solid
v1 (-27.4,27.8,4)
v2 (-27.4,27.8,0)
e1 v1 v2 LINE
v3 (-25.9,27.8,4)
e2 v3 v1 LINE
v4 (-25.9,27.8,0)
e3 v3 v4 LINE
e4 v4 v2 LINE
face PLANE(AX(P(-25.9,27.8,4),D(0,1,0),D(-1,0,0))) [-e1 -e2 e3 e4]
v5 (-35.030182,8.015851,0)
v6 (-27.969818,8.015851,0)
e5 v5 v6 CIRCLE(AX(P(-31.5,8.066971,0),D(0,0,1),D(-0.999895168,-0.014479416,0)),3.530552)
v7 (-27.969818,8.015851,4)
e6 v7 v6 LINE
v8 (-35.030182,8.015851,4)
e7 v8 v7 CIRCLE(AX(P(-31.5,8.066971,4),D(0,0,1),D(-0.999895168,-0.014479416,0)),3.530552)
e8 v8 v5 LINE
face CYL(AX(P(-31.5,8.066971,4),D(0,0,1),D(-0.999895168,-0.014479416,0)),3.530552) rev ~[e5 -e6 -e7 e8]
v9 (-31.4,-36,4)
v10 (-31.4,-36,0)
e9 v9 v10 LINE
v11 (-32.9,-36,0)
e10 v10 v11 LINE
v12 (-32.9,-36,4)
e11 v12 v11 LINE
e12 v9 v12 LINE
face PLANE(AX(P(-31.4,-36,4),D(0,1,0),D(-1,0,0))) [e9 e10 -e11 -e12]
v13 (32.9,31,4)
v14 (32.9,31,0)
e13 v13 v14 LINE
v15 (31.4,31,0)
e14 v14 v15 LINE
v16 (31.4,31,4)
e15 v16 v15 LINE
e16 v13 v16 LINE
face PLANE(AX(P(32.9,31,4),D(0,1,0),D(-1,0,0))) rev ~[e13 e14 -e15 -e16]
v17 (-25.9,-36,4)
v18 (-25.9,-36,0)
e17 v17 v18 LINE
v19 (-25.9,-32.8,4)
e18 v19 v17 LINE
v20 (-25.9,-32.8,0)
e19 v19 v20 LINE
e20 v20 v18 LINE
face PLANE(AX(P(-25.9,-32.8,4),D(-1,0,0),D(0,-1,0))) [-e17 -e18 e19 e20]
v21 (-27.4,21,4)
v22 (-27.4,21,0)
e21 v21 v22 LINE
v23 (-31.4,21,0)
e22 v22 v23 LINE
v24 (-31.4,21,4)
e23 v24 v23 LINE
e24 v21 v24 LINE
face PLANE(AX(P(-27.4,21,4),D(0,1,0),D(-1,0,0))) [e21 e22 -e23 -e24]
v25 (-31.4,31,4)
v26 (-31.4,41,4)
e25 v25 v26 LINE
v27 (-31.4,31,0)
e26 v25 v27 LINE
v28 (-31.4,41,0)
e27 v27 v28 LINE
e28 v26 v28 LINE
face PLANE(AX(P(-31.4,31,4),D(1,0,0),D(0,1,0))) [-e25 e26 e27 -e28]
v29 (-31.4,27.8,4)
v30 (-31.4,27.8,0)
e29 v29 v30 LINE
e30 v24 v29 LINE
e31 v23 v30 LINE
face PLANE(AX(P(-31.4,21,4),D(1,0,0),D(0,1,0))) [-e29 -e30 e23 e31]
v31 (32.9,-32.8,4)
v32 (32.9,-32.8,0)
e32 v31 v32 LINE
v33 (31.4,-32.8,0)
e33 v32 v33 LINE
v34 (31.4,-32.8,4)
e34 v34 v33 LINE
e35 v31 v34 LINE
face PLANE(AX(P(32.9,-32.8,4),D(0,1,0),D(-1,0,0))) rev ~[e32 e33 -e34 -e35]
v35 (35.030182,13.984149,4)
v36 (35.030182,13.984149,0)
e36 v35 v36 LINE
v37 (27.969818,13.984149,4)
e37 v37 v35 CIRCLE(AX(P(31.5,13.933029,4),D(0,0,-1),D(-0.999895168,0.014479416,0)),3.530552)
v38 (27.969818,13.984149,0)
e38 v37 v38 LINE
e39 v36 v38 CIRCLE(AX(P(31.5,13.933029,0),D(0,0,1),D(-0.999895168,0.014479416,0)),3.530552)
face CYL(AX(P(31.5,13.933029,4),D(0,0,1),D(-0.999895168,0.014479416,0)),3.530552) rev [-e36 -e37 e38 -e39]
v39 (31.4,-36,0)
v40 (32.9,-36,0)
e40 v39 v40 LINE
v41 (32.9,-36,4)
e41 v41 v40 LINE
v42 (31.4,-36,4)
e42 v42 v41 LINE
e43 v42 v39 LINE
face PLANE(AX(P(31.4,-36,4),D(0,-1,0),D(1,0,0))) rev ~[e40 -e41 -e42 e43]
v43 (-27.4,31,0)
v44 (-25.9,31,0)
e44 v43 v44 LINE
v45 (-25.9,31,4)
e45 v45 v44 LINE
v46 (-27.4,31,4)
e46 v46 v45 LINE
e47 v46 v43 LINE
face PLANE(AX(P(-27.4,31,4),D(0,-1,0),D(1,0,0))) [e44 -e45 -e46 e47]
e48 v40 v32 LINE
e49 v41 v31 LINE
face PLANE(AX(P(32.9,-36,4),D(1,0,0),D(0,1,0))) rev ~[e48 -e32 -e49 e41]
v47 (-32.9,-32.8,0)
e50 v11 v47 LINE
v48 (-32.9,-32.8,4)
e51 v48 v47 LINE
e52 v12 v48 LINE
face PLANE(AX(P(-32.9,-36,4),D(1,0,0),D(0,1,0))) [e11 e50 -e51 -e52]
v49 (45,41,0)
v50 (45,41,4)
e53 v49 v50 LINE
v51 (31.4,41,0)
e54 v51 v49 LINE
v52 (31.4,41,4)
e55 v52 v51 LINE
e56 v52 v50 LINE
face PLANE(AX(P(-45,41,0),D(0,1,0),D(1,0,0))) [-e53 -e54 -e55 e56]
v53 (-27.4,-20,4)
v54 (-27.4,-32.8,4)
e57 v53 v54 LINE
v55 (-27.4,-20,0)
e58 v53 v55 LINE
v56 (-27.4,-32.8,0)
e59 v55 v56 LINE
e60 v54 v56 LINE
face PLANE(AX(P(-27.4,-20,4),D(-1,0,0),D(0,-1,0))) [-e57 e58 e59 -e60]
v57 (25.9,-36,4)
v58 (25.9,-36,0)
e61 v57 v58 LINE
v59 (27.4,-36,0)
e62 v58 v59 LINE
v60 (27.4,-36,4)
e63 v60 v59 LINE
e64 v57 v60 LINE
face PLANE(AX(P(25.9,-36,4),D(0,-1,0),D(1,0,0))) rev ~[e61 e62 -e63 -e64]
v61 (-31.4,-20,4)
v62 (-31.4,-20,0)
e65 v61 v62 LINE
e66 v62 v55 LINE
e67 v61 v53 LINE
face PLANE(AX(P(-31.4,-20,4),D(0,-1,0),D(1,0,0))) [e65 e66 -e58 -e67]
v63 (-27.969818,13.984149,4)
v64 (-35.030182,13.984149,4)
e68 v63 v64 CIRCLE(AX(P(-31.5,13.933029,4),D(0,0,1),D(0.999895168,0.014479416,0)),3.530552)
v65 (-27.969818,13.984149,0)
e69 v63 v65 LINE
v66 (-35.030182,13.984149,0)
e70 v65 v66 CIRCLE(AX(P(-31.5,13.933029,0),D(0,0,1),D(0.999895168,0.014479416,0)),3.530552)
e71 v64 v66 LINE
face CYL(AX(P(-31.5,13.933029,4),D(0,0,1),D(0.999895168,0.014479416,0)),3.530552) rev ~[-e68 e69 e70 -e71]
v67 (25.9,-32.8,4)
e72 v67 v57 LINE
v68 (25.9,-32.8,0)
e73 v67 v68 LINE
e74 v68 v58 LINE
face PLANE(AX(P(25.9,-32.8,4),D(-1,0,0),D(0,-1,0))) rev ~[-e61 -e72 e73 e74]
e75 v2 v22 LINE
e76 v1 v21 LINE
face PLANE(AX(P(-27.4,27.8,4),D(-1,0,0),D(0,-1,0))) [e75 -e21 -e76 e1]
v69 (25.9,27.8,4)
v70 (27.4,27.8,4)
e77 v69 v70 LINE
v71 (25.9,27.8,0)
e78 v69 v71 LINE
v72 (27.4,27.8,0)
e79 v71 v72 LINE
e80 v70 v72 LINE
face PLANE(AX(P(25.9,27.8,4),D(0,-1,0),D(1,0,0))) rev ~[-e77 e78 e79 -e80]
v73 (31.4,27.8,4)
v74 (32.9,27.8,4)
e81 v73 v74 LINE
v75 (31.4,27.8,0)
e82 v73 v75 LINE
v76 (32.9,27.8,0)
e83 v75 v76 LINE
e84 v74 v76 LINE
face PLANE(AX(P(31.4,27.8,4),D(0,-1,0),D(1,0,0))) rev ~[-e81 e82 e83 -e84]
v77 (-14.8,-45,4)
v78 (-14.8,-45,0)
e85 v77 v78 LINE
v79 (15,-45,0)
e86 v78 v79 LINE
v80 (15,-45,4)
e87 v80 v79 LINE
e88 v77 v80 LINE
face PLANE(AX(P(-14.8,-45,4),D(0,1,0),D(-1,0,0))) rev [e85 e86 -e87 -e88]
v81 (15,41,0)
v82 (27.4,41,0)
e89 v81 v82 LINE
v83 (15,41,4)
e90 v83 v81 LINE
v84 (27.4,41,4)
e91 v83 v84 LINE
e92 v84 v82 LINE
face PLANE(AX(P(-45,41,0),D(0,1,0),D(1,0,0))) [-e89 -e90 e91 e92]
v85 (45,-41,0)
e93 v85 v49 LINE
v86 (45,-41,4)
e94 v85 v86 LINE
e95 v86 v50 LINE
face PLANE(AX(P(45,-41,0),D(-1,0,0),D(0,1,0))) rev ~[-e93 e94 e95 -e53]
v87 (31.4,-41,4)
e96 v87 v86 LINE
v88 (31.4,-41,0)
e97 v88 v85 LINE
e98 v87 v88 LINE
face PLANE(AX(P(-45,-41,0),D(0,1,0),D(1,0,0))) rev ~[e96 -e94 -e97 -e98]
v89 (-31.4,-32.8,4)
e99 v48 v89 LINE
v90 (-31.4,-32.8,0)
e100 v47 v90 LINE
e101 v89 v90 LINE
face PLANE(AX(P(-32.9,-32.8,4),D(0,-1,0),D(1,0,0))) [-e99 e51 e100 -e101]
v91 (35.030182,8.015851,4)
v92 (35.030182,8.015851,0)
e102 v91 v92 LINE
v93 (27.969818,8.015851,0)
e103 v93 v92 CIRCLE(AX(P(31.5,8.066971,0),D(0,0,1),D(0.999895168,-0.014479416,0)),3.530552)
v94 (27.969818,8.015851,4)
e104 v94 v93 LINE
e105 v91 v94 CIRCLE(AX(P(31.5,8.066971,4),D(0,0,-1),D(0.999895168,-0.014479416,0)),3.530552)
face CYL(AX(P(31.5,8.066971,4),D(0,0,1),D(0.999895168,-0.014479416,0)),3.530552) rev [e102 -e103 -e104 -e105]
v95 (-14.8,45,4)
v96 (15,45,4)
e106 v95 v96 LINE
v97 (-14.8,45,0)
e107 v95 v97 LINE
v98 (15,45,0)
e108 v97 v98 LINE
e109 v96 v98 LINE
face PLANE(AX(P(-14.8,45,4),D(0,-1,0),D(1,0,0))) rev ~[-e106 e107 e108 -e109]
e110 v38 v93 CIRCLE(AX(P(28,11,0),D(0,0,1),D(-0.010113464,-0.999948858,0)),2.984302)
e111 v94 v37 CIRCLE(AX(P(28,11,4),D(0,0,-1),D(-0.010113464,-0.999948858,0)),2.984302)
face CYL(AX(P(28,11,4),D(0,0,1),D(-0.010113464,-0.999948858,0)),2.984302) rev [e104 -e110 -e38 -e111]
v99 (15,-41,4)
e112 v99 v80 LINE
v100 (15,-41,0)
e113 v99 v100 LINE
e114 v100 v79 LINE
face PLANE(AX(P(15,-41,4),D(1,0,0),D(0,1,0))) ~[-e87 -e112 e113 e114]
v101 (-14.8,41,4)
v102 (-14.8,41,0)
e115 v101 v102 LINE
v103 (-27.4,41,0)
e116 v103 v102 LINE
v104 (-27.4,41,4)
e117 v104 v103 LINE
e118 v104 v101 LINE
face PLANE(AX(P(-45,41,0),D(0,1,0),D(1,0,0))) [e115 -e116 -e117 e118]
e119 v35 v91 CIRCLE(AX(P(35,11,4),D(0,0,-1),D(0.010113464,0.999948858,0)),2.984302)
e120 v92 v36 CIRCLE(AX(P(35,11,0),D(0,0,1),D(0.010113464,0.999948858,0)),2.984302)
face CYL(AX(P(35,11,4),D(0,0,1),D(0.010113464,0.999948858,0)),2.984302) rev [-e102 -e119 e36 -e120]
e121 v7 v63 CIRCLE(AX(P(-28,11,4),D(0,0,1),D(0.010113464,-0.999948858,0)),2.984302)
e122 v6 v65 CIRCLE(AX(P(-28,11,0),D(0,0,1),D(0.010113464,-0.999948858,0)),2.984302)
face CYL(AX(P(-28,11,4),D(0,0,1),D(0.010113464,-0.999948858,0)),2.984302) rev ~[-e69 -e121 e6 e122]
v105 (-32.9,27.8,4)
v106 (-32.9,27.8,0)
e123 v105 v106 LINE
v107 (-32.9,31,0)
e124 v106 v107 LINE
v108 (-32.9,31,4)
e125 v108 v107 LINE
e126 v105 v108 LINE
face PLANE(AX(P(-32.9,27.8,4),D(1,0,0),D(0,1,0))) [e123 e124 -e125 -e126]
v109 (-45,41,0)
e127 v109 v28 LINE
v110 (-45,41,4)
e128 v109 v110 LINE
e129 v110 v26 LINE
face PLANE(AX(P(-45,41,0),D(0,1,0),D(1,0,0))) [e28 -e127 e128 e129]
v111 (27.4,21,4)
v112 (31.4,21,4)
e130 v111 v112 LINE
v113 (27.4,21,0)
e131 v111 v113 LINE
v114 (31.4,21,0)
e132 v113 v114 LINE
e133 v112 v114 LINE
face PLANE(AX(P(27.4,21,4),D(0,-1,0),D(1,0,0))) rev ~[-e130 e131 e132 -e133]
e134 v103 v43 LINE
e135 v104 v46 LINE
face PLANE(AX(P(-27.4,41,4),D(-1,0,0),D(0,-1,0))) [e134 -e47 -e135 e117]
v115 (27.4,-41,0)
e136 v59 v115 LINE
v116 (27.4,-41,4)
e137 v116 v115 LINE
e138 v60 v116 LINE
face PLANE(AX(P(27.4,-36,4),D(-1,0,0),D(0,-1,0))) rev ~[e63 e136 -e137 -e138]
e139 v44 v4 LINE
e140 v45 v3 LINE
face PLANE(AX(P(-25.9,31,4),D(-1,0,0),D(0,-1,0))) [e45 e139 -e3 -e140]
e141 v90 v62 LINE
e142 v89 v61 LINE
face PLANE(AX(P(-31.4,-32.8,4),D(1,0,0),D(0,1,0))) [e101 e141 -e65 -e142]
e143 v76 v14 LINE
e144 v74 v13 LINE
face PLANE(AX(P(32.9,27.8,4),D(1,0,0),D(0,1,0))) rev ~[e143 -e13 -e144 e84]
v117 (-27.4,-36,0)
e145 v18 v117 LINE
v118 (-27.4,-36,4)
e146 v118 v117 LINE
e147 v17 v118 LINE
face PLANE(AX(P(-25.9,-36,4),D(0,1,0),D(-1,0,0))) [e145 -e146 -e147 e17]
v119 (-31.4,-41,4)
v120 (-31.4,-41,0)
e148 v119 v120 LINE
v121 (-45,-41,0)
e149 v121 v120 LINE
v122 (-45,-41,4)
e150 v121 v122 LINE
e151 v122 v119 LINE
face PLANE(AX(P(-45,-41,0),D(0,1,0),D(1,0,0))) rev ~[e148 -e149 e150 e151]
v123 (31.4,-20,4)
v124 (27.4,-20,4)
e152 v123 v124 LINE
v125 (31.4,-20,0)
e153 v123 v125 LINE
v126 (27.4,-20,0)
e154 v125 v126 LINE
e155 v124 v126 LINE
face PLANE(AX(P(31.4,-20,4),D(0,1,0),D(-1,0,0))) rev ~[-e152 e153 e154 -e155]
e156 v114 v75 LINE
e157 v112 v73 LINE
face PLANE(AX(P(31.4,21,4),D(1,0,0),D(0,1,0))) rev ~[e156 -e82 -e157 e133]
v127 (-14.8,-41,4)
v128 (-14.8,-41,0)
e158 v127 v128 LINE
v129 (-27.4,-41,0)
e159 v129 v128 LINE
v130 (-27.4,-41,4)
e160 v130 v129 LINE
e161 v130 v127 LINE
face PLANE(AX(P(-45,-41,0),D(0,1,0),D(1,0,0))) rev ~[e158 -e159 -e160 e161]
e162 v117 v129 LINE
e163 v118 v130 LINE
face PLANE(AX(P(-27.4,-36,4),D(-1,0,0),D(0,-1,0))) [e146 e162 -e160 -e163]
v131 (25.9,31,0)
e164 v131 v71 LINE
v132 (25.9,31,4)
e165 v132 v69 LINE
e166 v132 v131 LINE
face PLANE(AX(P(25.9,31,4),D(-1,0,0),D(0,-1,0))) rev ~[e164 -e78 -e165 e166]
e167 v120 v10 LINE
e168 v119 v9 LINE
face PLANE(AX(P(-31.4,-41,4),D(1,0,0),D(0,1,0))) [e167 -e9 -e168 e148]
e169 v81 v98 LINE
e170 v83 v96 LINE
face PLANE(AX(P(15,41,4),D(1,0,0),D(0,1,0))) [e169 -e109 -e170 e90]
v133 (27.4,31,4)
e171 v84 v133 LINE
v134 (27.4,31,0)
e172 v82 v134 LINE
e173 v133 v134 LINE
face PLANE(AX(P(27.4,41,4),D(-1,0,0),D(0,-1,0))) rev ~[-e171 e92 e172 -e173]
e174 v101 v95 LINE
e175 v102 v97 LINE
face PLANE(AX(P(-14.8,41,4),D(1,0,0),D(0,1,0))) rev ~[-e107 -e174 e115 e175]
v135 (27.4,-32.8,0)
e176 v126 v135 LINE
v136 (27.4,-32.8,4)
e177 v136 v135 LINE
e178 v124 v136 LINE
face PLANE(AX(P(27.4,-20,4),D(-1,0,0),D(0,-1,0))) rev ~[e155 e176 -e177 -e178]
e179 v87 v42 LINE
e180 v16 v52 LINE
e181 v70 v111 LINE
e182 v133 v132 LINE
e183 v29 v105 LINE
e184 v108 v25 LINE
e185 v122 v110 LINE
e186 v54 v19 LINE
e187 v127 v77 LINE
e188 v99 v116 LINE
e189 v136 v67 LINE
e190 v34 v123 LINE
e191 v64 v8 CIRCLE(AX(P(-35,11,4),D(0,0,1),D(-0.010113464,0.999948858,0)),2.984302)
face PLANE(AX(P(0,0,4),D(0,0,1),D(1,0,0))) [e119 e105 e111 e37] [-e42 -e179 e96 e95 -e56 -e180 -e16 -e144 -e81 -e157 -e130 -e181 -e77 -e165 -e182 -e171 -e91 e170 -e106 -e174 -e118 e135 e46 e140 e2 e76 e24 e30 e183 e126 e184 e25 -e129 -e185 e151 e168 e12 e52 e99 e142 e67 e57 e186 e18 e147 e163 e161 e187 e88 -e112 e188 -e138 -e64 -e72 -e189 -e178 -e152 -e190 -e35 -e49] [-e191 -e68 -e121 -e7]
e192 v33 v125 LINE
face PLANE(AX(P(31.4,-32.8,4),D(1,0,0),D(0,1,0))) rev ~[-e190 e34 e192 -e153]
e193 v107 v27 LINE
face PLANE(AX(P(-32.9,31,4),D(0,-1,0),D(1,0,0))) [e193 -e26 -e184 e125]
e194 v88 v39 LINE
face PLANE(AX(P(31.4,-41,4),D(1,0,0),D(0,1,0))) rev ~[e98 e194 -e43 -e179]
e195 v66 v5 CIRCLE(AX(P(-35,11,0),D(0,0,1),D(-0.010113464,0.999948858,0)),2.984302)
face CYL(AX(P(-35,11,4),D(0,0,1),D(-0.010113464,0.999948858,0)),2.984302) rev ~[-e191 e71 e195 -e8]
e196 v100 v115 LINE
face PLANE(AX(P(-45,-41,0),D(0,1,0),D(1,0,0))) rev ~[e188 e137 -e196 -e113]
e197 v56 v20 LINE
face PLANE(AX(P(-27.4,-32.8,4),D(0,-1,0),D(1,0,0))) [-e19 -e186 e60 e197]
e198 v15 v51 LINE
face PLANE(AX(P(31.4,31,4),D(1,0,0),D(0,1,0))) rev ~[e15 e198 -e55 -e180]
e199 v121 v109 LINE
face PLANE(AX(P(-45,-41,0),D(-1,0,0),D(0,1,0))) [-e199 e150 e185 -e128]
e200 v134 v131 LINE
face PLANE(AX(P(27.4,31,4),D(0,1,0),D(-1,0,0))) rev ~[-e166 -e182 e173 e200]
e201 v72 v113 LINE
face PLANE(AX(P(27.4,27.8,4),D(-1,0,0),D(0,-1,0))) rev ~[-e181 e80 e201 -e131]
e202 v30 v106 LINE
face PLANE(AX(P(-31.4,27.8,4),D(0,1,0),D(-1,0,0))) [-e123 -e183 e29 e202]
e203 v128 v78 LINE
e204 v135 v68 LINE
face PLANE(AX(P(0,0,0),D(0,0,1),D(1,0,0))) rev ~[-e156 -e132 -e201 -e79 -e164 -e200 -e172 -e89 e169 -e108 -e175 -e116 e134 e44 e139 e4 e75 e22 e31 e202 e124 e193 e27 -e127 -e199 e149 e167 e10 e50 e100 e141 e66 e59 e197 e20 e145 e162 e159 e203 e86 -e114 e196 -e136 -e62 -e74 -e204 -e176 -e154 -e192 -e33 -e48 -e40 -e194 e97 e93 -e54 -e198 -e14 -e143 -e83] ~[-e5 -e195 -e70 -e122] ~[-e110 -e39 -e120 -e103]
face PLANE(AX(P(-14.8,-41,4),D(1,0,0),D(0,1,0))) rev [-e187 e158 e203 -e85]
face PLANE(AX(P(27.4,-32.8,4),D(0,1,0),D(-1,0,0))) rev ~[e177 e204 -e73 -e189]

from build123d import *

# Parameters (mm, degrees)
SKETCH1_W           = 90
SKETCH1_H           = 82
BOSS_EXTRUDE1_DEPTH = 4
SKETCH4_W           = 29.8
SKETCH4_H           = 4
BOSS_EXTRUDE2_DEPTH = 4
CUT_EXTRUDE1_DEPTH  = 10
CUT_EXTRUDE2_DEPTH  = 10


with BuildPart() as part:
    # Sketch1 → Boss-Extrude1 (new body)
    with BuildSketch(Plane.XY):
        Rectangle(SKETCH1_W, SKETCH1_H)
    extrude(amount=BOSS_EXTRUDE1_DEPTH)

    # Sketch4 → Boss-Extrude2 (add)
    with BuildSketch(Plane.XY.offset(4)):
        with Locations((0.1, 43)):
            Rectangle(SKETCH4_W, SKETCH4_H)
    boss_extrude2 = extrude(amount=-BOSS_EXTRUDE2_DEPTH)

    # Mirror1: Boss-Extrude2 across plane
    add(boss_extrude2.mirror(Plane(origin=(0, 0, 0), x_dir=(0, 0, 1), z_dir=(0, -1, 0))))

    # Sketch5 → Cut-Extrude1 (cut)
    with BuildSketch(Plane.XY.offset(4)):
        Polygon((27.39999999, 41), (27.39999999, 31), (25.89999999, 31), (25.89999999, 27.8), (27.39999999, 27.8), (27.39999999, 21), (31.39999999, 21), (31.39999999, 27.8), (32.89999999, 27.8), (32.89999999, 31), (31.39999999, 31), (31.39999999, 41), align=None)
        Polygon((-27.39999999, 27.8), (-27.39999999, 21), (-31.39999999, 21), (-31.39999999, 27.8), (-32.89999999, 27.8), (-32.89999999, 31), (-31.39999999, 31), (-31.39999999, 41), (-27.39999999, 41), (-27.39999999, 31), (-25.89999999, 31), (-25.89999999, 27.8), align=None)
        Polygon((-27.4, -36), (-27.4, -41), (-31.4, -41), (-31.4, -36), (-32.9, -36), (-32.9, -32.8), (-31.4, -32.8), (-31.4, -20), (-27.4, -20), (-27.4, -32.8), (-25.9, -32.8), (-25.9, -36), align=None)
        Polygon((31.4, -41), (31.4, -36), (32.9, -36), (32.9, -32.8), (31.4, -32.8), (31.4, -20), (27.4, -20), (27.4, -32.8), (25.9, -32.8), (25.9, -36), (27.4, -36), (27.4, -41), align=None)
    extrude(amount=-CUT_EXTRUDE1_DEPTH, mode=Mode.SUBTRACT)

    # Sketch6 → Cut-Extrude2 (cut)
    with BuildSketch(Plane.XY.offset(4)):
        with BuildLine():
            ThreePointArc((27.96981837, 8.015850853), (25.015698228, 11), (27.96981837, 13.984149147))
            ThreePointArc((27.96981837, 13.984149147), (31.5, 17.463580565), (35.03018163, 13.984149147))
            ThreePointArc((35.03018163, 13.984149147), (37.984301772, 11), (35.03018163, 8.015850853))
            ThreePointArc((35.03018163, 8.015850853), (31.5, 4.536419435), (27.96981837, 8.015850853))
        make_face()
        with BuildLine():
            ThreePointArc((-27.96981837, 13.984149147), (-31.5, 17.463580565), (-35.03018163, 13.984149147))
            ThreePointArc((-35.03018163, 13.984149147), (-37.984301772, 11), (-35.03018163, 8.015850853))
            ThreePointArc((-35.03018163, 8.015850853), (-31.5, 4.536419435), (-27.96981837, 8.015850853))
            ThreePointArc((-27.96981837, 8.015850853), (-25.015698228, 11), (-27.96981837, 13.984149147))
        make_face()
    extrude(amount=-CUT_EXTRUDE2_DEPTH, mode=Mode.SUBTRACT)


solid = part.part
